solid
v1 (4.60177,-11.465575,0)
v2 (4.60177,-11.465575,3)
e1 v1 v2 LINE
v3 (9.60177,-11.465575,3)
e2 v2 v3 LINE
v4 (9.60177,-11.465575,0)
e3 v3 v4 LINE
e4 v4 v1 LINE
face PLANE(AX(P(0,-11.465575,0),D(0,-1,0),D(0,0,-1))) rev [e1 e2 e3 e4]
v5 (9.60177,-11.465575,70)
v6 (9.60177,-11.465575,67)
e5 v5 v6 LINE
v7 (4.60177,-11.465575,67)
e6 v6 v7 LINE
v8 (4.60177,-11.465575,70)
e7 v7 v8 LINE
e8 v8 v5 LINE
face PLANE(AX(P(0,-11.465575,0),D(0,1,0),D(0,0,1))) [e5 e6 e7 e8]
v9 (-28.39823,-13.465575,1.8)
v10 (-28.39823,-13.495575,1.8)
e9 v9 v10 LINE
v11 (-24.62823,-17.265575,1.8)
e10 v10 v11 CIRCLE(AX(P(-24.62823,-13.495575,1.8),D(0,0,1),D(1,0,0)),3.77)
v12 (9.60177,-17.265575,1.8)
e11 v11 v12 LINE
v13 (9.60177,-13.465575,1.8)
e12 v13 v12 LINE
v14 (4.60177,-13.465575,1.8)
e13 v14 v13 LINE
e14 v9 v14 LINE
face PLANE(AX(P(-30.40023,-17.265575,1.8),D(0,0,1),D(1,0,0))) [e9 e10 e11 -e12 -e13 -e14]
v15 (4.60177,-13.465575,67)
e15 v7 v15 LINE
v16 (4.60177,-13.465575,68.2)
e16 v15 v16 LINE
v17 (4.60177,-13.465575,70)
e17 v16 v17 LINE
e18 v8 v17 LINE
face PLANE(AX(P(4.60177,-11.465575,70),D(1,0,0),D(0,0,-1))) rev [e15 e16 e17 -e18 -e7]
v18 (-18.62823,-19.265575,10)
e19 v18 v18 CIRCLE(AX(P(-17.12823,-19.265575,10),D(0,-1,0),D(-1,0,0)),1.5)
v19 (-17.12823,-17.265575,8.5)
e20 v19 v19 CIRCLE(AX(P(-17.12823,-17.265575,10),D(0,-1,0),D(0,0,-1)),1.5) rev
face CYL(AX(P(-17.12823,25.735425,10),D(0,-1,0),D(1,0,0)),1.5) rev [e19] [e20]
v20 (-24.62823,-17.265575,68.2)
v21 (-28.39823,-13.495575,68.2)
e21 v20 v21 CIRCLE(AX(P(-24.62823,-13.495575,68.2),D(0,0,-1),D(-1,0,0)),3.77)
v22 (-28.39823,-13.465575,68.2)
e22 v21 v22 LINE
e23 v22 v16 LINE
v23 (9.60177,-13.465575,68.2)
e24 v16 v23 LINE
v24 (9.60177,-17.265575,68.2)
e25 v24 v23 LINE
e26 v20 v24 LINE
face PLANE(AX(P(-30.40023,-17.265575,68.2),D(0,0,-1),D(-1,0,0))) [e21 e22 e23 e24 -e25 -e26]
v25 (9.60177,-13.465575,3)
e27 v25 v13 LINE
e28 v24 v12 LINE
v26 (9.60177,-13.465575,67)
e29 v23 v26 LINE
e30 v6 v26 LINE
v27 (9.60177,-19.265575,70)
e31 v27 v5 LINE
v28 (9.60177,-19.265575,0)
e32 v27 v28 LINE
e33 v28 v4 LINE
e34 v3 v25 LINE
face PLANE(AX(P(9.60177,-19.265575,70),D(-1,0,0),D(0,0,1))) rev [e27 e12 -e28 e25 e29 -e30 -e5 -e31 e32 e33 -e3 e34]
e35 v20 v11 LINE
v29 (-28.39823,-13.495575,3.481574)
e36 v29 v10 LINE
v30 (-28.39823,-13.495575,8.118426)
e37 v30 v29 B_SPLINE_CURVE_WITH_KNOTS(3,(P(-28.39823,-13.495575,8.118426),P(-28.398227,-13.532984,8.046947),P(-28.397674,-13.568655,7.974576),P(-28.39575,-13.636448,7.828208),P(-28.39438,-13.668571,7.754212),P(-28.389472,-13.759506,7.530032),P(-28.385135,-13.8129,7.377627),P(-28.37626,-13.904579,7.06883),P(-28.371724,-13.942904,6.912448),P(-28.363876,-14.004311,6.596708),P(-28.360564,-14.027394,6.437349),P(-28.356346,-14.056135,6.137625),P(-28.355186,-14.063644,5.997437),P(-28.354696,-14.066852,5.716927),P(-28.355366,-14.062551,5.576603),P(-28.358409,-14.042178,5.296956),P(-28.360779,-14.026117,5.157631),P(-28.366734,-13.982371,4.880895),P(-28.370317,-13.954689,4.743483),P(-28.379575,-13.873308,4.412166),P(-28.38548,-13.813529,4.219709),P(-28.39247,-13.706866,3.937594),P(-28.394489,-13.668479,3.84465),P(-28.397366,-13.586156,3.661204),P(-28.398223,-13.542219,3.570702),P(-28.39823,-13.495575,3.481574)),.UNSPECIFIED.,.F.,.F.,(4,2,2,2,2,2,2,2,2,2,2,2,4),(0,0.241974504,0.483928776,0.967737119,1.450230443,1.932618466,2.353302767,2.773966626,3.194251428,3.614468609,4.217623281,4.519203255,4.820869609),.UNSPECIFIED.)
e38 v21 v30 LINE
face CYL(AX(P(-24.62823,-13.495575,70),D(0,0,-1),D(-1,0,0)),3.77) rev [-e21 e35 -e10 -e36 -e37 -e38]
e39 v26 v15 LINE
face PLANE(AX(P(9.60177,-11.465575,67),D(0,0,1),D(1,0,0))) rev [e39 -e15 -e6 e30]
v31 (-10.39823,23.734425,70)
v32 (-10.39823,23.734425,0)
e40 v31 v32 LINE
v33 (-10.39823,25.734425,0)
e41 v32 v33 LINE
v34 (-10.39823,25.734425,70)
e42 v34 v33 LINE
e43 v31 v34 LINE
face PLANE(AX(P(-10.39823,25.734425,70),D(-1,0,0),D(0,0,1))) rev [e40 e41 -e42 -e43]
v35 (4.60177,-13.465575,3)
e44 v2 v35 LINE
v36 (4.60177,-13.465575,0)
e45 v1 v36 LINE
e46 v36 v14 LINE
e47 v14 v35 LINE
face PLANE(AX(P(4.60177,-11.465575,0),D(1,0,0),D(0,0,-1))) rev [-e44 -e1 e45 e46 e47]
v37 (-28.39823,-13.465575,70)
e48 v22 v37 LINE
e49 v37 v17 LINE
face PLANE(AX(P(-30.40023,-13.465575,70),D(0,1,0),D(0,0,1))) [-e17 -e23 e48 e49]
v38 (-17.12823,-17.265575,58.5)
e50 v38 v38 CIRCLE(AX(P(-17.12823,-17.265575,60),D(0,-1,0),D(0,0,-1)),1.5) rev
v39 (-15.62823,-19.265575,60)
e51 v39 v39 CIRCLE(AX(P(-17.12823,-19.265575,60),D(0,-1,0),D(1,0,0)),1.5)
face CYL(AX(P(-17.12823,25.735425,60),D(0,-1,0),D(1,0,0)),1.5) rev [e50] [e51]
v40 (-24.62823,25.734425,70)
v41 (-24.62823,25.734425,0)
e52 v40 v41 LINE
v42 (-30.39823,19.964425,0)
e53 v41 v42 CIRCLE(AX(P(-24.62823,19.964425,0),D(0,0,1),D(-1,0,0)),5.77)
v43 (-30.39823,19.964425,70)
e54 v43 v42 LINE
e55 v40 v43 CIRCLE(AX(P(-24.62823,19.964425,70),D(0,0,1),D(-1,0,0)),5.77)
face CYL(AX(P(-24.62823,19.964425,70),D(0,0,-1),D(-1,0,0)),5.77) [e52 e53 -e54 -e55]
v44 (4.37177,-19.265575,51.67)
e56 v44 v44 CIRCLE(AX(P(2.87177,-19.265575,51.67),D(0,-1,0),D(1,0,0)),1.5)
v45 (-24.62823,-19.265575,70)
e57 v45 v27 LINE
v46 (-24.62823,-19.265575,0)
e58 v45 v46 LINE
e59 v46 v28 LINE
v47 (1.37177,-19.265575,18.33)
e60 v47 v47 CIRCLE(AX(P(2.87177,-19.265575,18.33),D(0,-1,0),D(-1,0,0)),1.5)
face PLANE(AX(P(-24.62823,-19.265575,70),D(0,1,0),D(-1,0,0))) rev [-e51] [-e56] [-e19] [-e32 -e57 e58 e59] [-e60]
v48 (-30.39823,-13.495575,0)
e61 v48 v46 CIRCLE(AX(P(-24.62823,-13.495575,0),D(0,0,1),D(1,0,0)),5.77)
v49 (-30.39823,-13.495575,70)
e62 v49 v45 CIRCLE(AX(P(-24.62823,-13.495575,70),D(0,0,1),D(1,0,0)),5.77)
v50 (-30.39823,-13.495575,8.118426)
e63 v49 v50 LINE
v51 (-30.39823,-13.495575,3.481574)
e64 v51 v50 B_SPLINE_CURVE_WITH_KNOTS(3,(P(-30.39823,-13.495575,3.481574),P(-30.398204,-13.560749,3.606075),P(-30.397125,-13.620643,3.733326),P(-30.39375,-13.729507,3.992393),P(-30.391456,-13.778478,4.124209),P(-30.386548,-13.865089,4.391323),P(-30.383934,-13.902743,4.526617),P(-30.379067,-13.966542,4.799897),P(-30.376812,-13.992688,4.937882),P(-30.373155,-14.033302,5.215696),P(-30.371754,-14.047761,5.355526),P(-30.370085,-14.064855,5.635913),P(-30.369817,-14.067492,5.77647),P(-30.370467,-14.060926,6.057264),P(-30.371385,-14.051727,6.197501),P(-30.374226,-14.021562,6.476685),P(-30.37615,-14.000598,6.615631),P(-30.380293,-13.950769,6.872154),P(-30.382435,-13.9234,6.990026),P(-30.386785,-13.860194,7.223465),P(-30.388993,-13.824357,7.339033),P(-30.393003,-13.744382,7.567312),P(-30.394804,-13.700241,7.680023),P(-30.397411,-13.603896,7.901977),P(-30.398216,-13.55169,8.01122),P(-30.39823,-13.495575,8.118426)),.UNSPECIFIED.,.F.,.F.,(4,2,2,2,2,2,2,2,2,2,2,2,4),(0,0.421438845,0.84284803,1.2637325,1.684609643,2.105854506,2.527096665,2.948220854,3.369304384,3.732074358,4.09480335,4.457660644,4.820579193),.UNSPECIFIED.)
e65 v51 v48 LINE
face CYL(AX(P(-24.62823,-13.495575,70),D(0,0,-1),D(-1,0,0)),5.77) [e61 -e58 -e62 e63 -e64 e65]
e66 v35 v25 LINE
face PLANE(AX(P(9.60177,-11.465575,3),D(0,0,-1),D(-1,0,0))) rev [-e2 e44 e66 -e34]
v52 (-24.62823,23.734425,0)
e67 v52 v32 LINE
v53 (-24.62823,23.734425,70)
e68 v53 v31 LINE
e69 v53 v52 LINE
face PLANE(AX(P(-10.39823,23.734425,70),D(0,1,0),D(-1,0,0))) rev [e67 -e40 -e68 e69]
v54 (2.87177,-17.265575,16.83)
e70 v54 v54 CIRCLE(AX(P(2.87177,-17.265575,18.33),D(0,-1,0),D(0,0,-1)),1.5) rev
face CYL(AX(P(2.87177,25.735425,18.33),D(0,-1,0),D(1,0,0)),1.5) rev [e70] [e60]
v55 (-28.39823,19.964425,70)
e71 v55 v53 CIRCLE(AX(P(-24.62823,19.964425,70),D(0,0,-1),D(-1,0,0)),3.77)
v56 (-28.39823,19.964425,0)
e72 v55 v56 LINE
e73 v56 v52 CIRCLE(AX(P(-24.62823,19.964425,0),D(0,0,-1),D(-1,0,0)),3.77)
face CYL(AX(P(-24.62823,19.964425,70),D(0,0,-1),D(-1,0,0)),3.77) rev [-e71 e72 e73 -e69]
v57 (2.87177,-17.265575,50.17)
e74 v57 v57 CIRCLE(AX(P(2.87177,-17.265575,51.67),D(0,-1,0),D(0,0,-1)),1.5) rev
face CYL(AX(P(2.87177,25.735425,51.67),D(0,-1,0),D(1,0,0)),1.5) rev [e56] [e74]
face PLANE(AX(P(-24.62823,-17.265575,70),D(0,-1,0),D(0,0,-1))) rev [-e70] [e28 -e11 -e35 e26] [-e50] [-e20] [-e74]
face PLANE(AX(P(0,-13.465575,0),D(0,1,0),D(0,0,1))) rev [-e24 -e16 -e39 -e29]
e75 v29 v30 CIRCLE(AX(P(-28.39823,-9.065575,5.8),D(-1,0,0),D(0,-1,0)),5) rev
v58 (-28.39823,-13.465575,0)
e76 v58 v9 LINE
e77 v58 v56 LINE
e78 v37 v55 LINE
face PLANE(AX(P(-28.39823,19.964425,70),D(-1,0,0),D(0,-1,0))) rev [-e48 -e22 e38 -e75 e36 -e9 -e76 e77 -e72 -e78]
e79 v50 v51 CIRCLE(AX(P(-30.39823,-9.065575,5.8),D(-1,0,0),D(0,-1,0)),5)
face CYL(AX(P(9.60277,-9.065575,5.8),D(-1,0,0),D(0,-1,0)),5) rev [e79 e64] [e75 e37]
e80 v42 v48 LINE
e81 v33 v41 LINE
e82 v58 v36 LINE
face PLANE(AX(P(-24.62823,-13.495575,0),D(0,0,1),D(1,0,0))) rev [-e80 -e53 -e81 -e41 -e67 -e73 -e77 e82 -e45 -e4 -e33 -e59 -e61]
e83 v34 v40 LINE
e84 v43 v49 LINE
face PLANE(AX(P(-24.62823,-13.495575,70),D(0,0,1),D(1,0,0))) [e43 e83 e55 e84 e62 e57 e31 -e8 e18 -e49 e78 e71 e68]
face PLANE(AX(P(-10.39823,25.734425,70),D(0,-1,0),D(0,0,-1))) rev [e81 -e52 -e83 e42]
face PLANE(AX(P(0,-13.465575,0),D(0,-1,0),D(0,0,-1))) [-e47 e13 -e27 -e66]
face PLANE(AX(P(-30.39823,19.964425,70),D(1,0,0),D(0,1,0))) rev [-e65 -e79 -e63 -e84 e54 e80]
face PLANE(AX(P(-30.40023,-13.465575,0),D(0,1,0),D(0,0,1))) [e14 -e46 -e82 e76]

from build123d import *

# Parameters (mm, degrees)
BOSS_EXTRUDE1_DEPTH = 70
BOSS_EXTRUDE3_REACH = 86.63
SKETCH3_W           = 1.8
SKETCH3_H           = 3.8
SKETCH4_W           = 5
SKETCH4_H           = 3
BOSS_EXTRUDE4_DEPTH = 2
CUT_EXTRUDE1_REACH  = 90.595
SKETCH5_R           = 1.5
CUT_EXTRUDE2_REACH  = 86.63
SKETCH6_R           = 5


with BuildPart() as part:
    # Sketch1 → Boss-Extrude1 (new body)
    with BuildSketch(Plane.XY):
        with BuildLine():
            Line((-30.398230088, 19.964424779), (-30.398230088, -13.495575221))
            ThreePointArc((-30.398230088, -13.495575221), (-28.708236216, -17.575581349), (-24.628230088, -19.265575221))
            Line((-24.628230088, -19.265575221), (9.601769912, -19.265575221))
            Line((9.601769912, -19.265575221), (9.601769912, -17.265575221))
            Line((9.601769912, -17.265575221), (-24.628230088, -17.265575221))
            ThreePointArc((-24.628230088, -17.265575221), (-27.294022654, -16.161367786), (-28.398230088, -13.495575221))
            Line((-28.398230088, -13.495575221), (-28.398230088, 19.964424779))
            ThreePointArc((-28.398230088, 19.964424779), (-27.294022654, 22.630217344), (-24.628230088, 23.734424779))
            Line((-24.628230088, 23.734424779), (-10.398230088, 23.734424779))
            Line((-10.398230088, 23.734424779), (-10.398230088, 25.734424779))
            Line((-10.398230088, 25.734424779), (-24.628230088, 25.734424779))
            ThreePointArc((-24.628230088, 25.734424779), (-28.708236216, 24.044430906), (-30.398230088, 19.964424779))
        make_face()
    extrude(amount=BOSS_EXTRUDE1_DEPTH)

    # Sketch3 → Boss-Extrude3 (add, up to next)
    with BuildSketch(Plane(origin=(9.601769912, 0, 0), x_dir=(0, 0, -1), z_dir=(1, 0, 0)), mode=Mode.PRIVATE) as boss_extrude3_sk1:
        with Locations((-69.1, -15.365575221)):
            Rectangle(SKETCH3_W, SKETCH3_H)
    boss_extrude3_tool1 = extrude(boss_extrude3_sk1.sketch, amount=-BOSS_EXTRUDE3_REACH, mode=Mode.PRIVATE) - part.part
    # Sketch3 → Boss-Extrude3 (add, up to next)
    with BuildSketch(Plane(origin=(9.601769912, 0, 0), x_dir=(0, 0, -1), z_dir=(1, 0, 0)), mode=Mode.PRIVATE) as boss_extrude3_sk2:
        with Locations((-0.9, -15.365575221)):
            Rectangle(SKETCH3_W, SKETCH3_H)
    boss_extrude3_tool2 = extrude(boss_extrude3_sk2.sketch, amount=-BOSS_EXTRUDE3_REACH, mode=Mode.PRIVATE) - part.part
    add(boss_extrude3_tool1.solids().sort_by_distance((9.60177, -15.365575, 69.1))[0])
    add(boss_extrude3_tool2.solids().sort_by_distance((9.60177, -15.365575, 0.9))[0])

    # Sketch4 → Boss-Extrude4 (add)
    with BuildSketch(Plane(origin=(0, -13.465575221, 0), x_dir=(1, 0, 0), z_dir=(0, 1, 0))):
        with Locations((7.101769912, -68.5)):
            Rectangle(SKETCH4_W, SKETCH4_H)
        with Locations((7.101769912, -1.5)):
            Rectangle(SKETCH4_W, SKETCH4_H)
    extrude(amount=BOSS_EXTRUDE4_DEPTH)

    # Sketch5 → Cut-Extrude1 (cut, up to next)
    with BuildSketch(Plane(origin=(0, -19.265575221, 0), x_dir=(-1, 0, 0), z_dir=(0, -1, 0)), mode=Mode.PRIVATE) as cut_extrude1_sk1:
        with Locations(Location((17.128230088, -60, 0), (0, 0, 180))):
            Circle(SKETCH5_R)
    cut_extrude1_tool1 = extrude(cut_extrude1_sk1.sketch, amount=-CUT_EXTRUDE1_REACH, mode=Mode.PRIVATE) & part.part
    # Sketch5 → Cut-Extrude1 (cut, up to next)
    with BuildSketch(Plane(origin=(0, -19.265575221, 0), x_dir=(-1, 0, 0), z_dir=(0, -1, 0)), mode=Mode.PRIVATE) as cut_extrude1_sk2:
        with Locations(Location((17.128230088, -10, 0), (0, 0, 90))):
            Circle(SKETCH5_R)
    cut_extrude1_tool2 = extrude(cut_extrude1_sk2.sketch, amount=-CUT_EXTRUDE1_REACH, mode=Mode.PRIVATE) & part.part
    # Sketch5 → Cut-Extrude1 (cut, up to next)
    with BuildSketch(Plane(origin=(0, -19.265575221, 0), x_dir=(-1, 0, 0), z_dir=(0, -1, 0)), mode=Mode.PRIVATE) as cut_extrude1_sk3:
        with Locations(Location((-2.871769912, -51.67, 0), (0, 0, 180))):
            Circle(SKETCH5_R)
    cut_extrude1_tool3 = extrude(cut_extrude1_sk3.sketch, amount=-CUT_EXTRUDE1_REACH, mode=Mode.PRIVATE) & part.part
    # Sketch5 → Cut-Extrude1 (cut, up to next)
    with BuildSketch(Plane(origin=(0, -19.265575221, 0), x_dir=(-1, 0, 0), z_dir=(0, -1, 0)), mode=Mode.PRIVATE) as cut_extrude1_sk4:
        with Locations(Location((-2.871769912, -18.33, 0), (0, 0, 90))):
            Circle(SKETCH5_R)
    cut_extrude1_tool4 = extrude(cut_extrude1_sk4.sketch, amount=-CUT_EXTRUDE1_REACH, mode=Mode.PRIVATE) & part.part
    add(cut_extrude1_tool1.solids().sort_by_distance((-17.12823, -19.265575, 60))[0], mode=Mode.SUBTRACT)
    add(cut_extrude1_tool2.solids().sort_by_distance((-17.12823, -19.265575, 10))[0], mode=Mode.SUBTRACT)
    add(cut_extrude1_tool3.solids().sort_by_distance((2.87177, -19.265575, 51.67))[0], mode=Mode.SUBTRACT)
    add(cut_extrude1_tool4.solids().sort_by_distance((2.87177, -19.265575, 18.33))[0], mode=Mode.SUBTRACT)

    # Sketch6 → Cut-Extrude2 (cut, up to next)
    with BuildSketch(Plane.ZY.offset(30.398230088), mode=Mode.PRIVATE) as cut_extrude2_sk1:
        with Locations(Location((5.8, -9.065575221, 0), (0, 0, 297.625166054))):
            Circle(SKETCH6_R)
    cut_extrude2_tool1 = extrude(cut_extrude2_sk1.sketch, amount=-CUT_EXTRUDE2_REACH, mode=Mode.PRIVATE) & part.part
    add(cut_extrude2_tool1.solids().sort_by_distance((-30.39823, -9.065575, 5.8))[0], mode=Mode.SUBTRACT)


solid = part.part
